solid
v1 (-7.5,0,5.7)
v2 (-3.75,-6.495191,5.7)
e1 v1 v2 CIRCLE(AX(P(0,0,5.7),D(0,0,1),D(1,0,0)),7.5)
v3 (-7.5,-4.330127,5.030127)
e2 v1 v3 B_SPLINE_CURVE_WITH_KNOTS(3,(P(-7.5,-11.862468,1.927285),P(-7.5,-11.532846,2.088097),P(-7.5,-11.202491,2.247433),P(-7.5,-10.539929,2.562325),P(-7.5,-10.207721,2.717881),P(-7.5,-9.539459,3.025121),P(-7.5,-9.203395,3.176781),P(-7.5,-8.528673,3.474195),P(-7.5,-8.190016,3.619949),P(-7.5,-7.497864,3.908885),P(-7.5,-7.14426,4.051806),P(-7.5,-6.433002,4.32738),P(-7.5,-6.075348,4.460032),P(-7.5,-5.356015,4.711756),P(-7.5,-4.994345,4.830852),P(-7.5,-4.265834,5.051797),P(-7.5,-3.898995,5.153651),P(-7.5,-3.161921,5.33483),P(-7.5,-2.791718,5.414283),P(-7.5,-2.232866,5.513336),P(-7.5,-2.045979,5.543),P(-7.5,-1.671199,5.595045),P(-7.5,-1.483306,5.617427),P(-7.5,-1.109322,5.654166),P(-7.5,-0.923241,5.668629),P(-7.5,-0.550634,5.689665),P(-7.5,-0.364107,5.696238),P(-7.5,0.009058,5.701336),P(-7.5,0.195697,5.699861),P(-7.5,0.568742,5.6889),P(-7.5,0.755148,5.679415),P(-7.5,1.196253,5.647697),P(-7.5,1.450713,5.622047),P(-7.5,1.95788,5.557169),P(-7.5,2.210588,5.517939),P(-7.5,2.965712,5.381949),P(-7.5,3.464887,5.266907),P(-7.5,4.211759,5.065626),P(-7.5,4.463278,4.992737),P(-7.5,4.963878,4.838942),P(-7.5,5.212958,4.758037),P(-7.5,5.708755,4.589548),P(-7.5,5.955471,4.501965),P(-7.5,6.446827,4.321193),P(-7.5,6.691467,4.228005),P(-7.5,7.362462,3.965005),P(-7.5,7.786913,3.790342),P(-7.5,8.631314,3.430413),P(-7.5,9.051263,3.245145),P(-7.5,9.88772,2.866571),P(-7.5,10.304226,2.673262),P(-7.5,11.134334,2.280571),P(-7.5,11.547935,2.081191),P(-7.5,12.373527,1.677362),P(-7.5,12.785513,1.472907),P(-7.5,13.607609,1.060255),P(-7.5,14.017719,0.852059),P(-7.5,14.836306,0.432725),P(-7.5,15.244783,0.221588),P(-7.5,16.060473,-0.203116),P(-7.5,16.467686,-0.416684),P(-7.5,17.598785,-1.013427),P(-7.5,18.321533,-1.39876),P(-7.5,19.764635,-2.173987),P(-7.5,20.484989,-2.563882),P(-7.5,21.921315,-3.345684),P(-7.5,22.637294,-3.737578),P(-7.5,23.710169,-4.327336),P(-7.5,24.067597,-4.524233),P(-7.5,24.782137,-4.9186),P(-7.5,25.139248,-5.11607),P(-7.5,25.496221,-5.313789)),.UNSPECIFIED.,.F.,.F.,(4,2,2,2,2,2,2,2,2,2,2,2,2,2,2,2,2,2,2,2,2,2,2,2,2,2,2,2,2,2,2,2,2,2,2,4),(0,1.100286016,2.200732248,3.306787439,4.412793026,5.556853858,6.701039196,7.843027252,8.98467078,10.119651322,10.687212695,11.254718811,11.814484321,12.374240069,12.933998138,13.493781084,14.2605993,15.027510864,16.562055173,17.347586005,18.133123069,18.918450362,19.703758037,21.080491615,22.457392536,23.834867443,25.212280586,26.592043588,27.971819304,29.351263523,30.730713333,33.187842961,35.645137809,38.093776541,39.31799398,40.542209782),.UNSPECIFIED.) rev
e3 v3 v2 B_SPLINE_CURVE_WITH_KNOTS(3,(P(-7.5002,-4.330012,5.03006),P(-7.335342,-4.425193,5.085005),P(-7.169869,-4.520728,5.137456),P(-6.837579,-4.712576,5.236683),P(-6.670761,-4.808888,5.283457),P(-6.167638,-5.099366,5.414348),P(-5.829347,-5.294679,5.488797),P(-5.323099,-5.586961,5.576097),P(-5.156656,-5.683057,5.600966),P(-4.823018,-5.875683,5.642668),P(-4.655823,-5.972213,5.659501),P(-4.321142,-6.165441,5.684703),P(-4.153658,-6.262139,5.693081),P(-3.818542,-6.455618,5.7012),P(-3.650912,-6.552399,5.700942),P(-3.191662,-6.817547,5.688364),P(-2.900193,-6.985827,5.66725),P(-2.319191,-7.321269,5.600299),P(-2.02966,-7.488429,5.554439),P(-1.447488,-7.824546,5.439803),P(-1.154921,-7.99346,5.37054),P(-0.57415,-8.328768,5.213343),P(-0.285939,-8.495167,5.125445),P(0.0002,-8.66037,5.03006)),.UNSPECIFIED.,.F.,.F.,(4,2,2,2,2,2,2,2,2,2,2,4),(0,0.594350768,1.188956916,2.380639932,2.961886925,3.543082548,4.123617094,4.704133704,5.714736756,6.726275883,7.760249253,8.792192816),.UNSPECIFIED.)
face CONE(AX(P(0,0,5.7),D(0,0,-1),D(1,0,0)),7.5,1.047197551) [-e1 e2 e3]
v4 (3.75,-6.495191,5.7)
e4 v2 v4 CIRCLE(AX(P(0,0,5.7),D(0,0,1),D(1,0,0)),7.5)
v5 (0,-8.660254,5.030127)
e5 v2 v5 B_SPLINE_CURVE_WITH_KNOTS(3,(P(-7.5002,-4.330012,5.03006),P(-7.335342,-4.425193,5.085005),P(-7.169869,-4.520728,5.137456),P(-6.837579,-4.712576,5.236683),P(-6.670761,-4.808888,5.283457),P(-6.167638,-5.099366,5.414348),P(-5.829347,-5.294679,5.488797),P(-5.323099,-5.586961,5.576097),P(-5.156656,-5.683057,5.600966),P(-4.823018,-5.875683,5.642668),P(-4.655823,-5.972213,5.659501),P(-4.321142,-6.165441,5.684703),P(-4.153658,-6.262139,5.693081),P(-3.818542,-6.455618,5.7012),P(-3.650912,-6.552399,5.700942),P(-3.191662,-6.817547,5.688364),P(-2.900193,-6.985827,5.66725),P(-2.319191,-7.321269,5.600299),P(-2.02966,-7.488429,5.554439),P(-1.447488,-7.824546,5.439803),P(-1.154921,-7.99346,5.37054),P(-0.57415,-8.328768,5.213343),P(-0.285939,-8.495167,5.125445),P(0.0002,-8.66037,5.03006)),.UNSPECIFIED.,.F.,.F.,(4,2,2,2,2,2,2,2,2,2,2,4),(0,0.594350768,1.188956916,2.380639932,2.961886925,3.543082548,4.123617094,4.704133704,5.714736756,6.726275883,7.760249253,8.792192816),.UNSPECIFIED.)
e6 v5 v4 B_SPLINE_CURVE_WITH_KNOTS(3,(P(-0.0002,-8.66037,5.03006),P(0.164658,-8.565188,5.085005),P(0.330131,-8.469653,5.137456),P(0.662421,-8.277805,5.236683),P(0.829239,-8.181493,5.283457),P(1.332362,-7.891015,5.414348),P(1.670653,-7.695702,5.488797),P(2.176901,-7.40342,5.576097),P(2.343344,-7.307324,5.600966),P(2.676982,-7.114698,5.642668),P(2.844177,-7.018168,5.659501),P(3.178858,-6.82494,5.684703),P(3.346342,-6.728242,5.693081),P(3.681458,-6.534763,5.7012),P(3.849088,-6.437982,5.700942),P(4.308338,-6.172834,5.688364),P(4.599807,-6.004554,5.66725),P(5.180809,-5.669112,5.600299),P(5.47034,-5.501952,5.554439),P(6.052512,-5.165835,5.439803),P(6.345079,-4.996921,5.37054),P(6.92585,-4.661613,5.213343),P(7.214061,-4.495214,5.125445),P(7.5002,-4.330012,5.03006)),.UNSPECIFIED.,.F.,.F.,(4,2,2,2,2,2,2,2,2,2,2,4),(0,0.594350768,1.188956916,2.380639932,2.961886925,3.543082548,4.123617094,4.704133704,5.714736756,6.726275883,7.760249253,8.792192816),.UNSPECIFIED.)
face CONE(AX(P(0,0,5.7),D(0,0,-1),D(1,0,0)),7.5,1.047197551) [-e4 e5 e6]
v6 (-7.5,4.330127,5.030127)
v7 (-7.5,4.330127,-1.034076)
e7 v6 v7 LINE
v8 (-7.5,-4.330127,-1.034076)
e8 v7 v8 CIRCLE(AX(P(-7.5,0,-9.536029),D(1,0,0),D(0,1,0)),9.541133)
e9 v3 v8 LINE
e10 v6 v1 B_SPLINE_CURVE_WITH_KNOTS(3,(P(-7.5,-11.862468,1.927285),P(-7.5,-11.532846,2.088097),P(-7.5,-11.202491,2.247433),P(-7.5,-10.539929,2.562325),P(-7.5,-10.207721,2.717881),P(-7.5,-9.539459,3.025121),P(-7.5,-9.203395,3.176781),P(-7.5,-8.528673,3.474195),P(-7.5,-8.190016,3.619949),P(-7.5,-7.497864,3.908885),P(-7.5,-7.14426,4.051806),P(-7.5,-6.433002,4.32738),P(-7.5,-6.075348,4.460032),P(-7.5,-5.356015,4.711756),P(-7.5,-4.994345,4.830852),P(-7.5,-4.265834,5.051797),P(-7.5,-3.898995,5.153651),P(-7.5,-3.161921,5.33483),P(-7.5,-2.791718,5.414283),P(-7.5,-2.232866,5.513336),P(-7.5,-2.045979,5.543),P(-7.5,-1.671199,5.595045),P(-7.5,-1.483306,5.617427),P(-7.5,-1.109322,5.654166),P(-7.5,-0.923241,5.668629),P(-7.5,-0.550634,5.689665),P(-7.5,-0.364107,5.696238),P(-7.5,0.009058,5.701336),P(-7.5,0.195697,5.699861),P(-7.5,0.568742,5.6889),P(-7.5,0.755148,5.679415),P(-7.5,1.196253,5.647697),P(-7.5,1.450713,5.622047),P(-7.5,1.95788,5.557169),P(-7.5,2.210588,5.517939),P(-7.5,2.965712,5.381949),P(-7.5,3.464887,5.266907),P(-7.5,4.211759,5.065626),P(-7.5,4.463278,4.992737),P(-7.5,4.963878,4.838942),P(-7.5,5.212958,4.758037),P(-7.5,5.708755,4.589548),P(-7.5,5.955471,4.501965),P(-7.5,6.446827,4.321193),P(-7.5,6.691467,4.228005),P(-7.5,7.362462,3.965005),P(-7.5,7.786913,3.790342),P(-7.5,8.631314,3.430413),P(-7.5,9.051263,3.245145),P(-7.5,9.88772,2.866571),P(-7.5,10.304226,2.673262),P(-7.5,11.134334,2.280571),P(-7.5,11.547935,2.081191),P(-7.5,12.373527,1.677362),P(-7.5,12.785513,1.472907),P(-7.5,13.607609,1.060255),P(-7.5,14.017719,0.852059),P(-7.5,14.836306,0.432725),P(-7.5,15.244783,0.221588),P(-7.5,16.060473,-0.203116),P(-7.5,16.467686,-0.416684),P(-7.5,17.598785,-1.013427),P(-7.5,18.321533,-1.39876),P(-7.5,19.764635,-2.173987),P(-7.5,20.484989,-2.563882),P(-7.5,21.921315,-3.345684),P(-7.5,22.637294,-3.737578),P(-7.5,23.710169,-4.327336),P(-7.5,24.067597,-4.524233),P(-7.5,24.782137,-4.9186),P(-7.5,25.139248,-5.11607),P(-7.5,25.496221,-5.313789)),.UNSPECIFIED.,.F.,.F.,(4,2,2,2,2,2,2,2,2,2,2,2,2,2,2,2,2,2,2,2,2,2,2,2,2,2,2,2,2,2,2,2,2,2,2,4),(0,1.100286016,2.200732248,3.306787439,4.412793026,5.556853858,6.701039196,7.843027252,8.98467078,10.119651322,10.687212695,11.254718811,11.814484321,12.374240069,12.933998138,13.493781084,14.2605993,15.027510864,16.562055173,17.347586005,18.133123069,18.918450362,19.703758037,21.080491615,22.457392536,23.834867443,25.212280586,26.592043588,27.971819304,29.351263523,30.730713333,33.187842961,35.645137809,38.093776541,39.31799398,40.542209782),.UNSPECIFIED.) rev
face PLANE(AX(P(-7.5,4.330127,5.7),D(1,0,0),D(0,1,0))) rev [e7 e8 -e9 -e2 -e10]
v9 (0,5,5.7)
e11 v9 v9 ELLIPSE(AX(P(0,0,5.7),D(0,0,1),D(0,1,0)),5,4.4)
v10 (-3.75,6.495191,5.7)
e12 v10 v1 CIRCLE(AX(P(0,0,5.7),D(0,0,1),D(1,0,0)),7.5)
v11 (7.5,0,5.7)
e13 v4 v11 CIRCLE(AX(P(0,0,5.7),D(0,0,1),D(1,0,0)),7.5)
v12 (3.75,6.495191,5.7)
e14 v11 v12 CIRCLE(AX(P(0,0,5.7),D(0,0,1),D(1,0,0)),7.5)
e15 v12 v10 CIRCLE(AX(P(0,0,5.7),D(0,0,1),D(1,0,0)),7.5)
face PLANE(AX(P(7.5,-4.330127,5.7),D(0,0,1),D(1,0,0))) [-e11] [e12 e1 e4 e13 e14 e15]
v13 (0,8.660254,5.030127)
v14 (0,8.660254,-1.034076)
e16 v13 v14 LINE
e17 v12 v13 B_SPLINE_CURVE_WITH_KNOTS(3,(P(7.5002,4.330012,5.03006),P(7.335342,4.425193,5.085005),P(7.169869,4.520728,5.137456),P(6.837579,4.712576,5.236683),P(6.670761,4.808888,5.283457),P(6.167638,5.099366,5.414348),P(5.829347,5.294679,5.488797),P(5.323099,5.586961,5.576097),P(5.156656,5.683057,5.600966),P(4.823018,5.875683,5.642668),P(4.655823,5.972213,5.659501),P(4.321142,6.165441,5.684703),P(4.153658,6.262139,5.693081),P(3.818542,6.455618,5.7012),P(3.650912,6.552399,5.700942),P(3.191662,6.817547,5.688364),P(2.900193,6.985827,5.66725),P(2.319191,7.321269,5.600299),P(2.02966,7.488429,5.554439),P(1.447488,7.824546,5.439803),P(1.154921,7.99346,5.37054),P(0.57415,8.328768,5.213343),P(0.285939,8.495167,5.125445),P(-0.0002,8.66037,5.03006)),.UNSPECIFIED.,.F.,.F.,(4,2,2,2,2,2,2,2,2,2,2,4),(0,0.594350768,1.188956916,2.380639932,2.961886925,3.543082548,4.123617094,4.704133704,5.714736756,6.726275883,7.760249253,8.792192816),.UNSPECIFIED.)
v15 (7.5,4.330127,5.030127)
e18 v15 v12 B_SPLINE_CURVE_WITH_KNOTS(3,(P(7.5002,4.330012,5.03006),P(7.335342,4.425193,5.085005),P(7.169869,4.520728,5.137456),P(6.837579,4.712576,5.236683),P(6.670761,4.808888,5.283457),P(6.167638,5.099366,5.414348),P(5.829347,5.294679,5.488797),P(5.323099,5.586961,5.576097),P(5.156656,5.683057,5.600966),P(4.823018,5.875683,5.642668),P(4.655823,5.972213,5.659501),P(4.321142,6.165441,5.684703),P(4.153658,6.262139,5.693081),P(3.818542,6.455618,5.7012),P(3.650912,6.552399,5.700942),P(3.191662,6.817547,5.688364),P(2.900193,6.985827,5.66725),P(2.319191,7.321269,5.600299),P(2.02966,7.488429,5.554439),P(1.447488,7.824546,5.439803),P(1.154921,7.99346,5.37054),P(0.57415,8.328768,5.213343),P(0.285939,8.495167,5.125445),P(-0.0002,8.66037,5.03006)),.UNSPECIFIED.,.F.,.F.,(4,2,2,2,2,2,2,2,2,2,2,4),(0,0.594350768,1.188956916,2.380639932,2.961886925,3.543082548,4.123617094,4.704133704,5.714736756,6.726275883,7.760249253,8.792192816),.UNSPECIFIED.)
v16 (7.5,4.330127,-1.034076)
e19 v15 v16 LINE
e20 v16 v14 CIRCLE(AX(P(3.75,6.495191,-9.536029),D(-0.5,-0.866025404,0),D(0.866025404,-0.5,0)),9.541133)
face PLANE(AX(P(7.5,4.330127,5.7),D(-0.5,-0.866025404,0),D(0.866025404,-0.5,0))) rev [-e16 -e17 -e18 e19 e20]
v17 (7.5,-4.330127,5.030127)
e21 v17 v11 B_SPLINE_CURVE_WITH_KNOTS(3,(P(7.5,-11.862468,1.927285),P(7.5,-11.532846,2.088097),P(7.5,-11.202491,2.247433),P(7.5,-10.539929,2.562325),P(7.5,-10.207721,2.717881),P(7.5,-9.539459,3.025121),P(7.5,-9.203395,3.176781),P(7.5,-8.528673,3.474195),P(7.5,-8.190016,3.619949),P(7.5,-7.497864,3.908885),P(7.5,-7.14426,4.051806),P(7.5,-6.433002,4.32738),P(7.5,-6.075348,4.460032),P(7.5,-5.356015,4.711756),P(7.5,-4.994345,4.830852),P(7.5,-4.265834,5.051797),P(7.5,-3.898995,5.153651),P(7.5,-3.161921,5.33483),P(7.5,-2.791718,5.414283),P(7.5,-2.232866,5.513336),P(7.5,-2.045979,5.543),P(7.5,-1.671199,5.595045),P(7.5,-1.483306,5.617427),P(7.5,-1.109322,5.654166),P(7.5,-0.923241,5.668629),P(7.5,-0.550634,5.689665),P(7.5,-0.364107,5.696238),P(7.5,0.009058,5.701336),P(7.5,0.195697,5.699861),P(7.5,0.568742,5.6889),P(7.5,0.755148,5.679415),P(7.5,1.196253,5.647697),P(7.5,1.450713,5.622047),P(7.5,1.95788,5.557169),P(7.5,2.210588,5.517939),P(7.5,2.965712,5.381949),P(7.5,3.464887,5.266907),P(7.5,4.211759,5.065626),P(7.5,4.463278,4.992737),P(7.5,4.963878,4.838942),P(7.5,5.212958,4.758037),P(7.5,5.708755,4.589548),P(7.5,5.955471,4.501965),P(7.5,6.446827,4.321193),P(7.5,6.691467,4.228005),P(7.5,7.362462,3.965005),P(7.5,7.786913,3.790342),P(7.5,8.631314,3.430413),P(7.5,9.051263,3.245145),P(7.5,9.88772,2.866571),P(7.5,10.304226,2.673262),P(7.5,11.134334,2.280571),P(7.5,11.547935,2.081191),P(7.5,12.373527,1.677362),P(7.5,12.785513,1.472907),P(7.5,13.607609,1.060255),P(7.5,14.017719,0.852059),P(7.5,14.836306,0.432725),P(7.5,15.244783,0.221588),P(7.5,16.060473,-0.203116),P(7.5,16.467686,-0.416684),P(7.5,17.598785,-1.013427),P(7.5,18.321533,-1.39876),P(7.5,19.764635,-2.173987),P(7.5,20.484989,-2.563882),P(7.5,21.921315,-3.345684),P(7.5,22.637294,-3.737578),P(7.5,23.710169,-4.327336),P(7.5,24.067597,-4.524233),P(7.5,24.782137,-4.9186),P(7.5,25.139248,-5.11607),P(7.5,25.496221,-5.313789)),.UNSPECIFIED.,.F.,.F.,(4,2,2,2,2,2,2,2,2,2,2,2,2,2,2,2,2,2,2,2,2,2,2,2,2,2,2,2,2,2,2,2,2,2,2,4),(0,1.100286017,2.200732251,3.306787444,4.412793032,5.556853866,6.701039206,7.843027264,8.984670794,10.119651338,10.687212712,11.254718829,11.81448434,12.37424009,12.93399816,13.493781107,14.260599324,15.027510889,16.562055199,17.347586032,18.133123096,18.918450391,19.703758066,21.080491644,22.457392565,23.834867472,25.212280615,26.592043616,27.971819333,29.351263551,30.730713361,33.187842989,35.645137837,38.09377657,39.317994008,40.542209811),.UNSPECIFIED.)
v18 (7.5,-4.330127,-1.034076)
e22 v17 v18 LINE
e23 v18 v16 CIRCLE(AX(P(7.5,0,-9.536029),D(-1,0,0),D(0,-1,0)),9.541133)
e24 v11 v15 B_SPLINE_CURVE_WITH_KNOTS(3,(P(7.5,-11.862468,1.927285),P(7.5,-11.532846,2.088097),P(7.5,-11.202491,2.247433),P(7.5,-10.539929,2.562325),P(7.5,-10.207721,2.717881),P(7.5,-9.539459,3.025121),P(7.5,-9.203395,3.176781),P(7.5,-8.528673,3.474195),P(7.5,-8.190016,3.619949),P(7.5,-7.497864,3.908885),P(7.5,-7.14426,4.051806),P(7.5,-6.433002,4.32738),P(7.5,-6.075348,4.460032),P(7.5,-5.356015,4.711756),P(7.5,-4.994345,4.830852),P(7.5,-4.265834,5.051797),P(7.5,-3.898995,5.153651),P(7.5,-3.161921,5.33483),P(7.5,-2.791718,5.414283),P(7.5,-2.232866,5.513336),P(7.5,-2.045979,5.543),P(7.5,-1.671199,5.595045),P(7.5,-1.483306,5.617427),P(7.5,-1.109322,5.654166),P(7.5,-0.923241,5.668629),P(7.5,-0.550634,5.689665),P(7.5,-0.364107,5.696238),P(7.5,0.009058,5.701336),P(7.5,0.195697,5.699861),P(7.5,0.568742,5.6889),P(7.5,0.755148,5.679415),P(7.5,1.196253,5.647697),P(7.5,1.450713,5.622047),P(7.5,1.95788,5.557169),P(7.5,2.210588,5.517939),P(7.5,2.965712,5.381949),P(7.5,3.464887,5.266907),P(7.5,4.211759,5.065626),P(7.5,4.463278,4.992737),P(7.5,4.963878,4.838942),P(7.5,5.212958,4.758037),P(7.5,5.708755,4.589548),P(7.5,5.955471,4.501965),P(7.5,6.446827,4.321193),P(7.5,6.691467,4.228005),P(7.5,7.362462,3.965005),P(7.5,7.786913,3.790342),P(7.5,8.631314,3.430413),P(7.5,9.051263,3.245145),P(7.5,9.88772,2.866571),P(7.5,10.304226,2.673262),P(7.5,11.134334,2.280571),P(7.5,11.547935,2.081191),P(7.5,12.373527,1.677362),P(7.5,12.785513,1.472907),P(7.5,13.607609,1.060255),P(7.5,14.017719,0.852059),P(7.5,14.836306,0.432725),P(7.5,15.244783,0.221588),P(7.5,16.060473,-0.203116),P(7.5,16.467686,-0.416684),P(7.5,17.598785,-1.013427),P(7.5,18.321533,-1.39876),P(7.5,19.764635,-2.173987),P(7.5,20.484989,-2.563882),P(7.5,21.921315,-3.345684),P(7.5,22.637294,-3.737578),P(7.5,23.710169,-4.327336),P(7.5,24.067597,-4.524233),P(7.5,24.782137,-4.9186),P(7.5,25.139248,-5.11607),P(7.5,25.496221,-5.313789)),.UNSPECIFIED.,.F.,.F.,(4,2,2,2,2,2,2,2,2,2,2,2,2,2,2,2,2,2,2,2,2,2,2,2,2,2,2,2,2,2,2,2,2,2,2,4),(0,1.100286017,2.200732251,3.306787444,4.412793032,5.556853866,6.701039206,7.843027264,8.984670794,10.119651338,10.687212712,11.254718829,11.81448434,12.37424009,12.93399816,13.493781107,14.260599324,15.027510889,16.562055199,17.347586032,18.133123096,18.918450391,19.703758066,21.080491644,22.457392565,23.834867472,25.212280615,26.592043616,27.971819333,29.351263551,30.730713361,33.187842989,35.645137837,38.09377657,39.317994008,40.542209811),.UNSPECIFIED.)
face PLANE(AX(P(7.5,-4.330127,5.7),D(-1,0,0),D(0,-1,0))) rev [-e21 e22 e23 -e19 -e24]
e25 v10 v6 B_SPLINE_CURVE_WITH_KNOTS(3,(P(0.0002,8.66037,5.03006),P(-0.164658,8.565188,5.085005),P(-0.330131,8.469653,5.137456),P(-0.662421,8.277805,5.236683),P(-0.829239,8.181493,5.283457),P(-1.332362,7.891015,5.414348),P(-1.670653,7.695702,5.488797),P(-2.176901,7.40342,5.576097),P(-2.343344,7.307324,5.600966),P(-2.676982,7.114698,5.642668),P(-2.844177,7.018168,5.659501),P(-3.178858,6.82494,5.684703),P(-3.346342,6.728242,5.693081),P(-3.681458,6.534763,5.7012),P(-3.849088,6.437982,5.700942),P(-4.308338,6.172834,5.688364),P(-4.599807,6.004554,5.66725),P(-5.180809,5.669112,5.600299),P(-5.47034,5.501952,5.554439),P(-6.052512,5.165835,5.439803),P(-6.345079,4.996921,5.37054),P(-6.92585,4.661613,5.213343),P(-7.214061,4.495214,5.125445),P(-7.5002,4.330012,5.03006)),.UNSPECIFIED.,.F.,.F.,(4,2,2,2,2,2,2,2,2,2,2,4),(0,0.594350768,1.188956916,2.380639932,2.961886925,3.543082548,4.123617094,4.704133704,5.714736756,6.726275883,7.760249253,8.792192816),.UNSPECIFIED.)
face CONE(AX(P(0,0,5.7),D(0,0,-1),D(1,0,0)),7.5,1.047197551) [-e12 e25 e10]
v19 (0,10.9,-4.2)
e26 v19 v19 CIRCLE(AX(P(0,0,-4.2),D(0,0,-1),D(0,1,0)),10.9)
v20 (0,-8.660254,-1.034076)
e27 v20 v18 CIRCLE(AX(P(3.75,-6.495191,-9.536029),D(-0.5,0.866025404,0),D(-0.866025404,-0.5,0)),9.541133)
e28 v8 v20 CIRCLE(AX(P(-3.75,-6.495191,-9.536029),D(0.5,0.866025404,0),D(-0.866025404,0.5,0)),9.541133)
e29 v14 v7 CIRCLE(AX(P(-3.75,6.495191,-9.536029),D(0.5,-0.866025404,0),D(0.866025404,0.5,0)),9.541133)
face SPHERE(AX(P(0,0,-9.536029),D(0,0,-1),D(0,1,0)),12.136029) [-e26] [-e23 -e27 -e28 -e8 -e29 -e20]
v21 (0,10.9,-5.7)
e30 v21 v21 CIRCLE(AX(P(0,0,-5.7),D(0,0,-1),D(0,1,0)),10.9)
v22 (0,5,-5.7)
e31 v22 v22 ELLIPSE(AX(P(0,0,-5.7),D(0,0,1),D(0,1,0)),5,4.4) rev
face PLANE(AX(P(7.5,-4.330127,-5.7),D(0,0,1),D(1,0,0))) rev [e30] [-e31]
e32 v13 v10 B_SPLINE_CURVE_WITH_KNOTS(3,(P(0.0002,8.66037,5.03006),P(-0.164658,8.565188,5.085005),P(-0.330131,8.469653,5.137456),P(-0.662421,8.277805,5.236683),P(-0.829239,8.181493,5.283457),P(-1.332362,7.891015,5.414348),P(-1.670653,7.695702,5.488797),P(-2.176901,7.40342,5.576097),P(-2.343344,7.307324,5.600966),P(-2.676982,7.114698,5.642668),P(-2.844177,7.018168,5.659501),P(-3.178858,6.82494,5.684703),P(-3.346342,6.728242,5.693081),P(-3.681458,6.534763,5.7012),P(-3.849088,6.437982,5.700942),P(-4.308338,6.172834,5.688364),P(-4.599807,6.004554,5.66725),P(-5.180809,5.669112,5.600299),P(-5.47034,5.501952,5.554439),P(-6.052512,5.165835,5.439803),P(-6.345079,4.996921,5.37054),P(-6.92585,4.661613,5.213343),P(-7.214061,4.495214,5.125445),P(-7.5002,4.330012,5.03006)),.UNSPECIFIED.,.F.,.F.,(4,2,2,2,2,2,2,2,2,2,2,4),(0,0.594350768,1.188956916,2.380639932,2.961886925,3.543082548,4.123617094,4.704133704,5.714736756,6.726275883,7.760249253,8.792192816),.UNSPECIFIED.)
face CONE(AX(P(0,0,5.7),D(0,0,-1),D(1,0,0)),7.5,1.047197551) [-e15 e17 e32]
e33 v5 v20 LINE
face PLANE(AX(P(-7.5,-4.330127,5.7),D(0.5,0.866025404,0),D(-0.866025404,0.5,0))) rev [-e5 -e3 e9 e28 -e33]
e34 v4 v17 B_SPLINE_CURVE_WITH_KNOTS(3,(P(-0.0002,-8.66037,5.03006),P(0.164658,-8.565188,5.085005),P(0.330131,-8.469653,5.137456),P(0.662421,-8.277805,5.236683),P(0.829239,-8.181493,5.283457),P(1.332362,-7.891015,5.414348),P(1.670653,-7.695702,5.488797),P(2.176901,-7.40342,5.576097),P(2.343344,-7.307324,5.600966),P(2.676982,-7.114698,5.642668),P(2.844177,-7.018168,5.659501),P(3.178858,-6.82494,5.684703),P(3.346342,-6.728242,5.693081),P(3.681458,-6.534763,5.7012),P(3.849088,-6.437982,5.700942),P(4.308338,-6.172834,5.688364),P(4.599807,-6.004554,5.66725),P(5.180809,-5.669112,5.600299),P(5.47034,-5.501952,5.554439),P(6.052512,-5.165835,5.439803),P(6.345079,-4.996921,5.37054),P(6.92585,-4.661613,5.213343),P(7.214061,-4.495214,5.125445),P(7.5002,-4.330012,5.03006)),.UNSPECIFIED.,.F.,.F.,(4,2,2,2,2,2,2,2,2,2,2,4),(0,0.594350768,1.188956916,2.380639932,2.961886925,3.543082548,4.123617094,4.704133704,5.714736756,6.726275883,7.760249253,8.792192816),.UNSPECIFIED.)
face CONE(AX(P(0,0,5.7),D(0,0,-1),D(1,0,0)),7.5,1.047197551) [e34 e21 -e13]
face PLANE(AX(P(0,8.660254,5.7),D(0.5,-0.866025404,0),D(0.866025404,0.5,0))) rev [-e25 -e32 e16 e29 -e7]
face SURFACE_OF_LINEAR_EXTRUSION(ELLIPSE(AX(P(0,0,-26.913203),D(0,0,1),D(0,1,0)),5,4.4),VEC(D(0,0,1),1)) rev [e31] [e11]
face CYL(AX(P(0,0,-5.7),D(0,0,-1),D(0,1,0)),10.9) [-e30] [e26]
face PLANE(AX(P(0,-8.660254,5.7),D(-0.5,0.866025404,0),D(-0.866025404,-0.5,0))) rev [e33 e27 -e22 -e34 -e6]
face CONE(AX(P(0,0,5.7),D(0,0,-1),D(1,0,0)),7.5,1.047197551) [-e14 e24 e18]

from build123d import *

# Parameters (mm, degrees)
EXTRUDE1_DEPTH      = 5.7
SKETCH2_OUTSIDE_W   = 73.328
SKETCH2_OUTSIDE_H   = 73.328
SKETCH2_OUTSIDE_R   = 7.5
CUT_EXTRUDE1_DEPTH  = 12.4
CUT_EXTRUDE1_TAPER  = 60
SKETCH5_R           = 5
CUT_EXTRUDE10_DEPTH = 12.4
SKETCH16_R          = 7.5
SKETCH16_RX         = 5
SKETCH16_RY         = 4.4
EXTRUDE2_DEPTH      = 11.4


with BuildPart() as part:
    # Sketch20 → Extrude1 (new body, symmetric)
    with BuildSketch(Plane.XY):
        Polygon((7.5, -4.330127019), (7.5, 4.330127019), (0, 8.660254038), (-7.5, 4.330127019), (-7.5, -4.330127019), (0, -8.660254038), align=None)
    extrude(amount=EXTRUDE1_DEPTH, both=True)

    # Sketch18 → Revolve1 (revolve)
    with BuildSketch(Plane(origin=(0, 0, 0), x_dir=(0, 0, -1), z_dir=(1, 0, 0))):
        with BuildLine():
            Line((5.7, 0), (5.7, 10.9))
            Line((5.7, 10.9), (4.2, 10.9))
            ThreePointArc((4.2, 10.9), (-0.760606441, 6.423589339), (-2.6, 0))
            Line((-2.6, 0), (5.7, 0))
        make_face()
    revolve(axis=Axis((0, 0, -5.7), (0, 0, 1)))

    # Sketch2 outside → Cut-Extrude1 (cut, through all)
    with BuildSketch(Plane.XY.offset(5.7)):
        Rectangle(SKETCH2_OUTSIDE_W, SKETCH2_OUTSIDE_H)
        Circle(SKETCH2_OUTSIDE_R, mode=Mode.SUBTRACT)
    extrude(amount=-CUT_EXTRUDE1_DEPTH, taper=CUT_EXTRUDE1_TAPER, mode=Mode.SUBTRACT)

    # Sketch5 → Cut-Extrude10 (cut, through all)
    with BuildSketch(Plane(origin=(0, 0, 5.7), x_dir=(-1, 0, 0), z_dir=(0, 0, -1))):
        Circle(SKETCH5_R)
    extrude(amount=CUT_EXTRUDE10_DEPTH, mode=Mode.SUBTRACT)

    # Sketch16 → Extrude2 (add)
    with BuildSketch(Plane.XY.offset(5.7)):
        Circle(SKETCH16_R)
        with Locations(Location((0, 0), (0, 0, 90))):
            Ellipse(SKETCH16_RX, SKETCH16_RY, mode=Mode.SUBTRACT)
    extrude(amount=-EXTRUDE2_DEPTH)


solid = part.part
